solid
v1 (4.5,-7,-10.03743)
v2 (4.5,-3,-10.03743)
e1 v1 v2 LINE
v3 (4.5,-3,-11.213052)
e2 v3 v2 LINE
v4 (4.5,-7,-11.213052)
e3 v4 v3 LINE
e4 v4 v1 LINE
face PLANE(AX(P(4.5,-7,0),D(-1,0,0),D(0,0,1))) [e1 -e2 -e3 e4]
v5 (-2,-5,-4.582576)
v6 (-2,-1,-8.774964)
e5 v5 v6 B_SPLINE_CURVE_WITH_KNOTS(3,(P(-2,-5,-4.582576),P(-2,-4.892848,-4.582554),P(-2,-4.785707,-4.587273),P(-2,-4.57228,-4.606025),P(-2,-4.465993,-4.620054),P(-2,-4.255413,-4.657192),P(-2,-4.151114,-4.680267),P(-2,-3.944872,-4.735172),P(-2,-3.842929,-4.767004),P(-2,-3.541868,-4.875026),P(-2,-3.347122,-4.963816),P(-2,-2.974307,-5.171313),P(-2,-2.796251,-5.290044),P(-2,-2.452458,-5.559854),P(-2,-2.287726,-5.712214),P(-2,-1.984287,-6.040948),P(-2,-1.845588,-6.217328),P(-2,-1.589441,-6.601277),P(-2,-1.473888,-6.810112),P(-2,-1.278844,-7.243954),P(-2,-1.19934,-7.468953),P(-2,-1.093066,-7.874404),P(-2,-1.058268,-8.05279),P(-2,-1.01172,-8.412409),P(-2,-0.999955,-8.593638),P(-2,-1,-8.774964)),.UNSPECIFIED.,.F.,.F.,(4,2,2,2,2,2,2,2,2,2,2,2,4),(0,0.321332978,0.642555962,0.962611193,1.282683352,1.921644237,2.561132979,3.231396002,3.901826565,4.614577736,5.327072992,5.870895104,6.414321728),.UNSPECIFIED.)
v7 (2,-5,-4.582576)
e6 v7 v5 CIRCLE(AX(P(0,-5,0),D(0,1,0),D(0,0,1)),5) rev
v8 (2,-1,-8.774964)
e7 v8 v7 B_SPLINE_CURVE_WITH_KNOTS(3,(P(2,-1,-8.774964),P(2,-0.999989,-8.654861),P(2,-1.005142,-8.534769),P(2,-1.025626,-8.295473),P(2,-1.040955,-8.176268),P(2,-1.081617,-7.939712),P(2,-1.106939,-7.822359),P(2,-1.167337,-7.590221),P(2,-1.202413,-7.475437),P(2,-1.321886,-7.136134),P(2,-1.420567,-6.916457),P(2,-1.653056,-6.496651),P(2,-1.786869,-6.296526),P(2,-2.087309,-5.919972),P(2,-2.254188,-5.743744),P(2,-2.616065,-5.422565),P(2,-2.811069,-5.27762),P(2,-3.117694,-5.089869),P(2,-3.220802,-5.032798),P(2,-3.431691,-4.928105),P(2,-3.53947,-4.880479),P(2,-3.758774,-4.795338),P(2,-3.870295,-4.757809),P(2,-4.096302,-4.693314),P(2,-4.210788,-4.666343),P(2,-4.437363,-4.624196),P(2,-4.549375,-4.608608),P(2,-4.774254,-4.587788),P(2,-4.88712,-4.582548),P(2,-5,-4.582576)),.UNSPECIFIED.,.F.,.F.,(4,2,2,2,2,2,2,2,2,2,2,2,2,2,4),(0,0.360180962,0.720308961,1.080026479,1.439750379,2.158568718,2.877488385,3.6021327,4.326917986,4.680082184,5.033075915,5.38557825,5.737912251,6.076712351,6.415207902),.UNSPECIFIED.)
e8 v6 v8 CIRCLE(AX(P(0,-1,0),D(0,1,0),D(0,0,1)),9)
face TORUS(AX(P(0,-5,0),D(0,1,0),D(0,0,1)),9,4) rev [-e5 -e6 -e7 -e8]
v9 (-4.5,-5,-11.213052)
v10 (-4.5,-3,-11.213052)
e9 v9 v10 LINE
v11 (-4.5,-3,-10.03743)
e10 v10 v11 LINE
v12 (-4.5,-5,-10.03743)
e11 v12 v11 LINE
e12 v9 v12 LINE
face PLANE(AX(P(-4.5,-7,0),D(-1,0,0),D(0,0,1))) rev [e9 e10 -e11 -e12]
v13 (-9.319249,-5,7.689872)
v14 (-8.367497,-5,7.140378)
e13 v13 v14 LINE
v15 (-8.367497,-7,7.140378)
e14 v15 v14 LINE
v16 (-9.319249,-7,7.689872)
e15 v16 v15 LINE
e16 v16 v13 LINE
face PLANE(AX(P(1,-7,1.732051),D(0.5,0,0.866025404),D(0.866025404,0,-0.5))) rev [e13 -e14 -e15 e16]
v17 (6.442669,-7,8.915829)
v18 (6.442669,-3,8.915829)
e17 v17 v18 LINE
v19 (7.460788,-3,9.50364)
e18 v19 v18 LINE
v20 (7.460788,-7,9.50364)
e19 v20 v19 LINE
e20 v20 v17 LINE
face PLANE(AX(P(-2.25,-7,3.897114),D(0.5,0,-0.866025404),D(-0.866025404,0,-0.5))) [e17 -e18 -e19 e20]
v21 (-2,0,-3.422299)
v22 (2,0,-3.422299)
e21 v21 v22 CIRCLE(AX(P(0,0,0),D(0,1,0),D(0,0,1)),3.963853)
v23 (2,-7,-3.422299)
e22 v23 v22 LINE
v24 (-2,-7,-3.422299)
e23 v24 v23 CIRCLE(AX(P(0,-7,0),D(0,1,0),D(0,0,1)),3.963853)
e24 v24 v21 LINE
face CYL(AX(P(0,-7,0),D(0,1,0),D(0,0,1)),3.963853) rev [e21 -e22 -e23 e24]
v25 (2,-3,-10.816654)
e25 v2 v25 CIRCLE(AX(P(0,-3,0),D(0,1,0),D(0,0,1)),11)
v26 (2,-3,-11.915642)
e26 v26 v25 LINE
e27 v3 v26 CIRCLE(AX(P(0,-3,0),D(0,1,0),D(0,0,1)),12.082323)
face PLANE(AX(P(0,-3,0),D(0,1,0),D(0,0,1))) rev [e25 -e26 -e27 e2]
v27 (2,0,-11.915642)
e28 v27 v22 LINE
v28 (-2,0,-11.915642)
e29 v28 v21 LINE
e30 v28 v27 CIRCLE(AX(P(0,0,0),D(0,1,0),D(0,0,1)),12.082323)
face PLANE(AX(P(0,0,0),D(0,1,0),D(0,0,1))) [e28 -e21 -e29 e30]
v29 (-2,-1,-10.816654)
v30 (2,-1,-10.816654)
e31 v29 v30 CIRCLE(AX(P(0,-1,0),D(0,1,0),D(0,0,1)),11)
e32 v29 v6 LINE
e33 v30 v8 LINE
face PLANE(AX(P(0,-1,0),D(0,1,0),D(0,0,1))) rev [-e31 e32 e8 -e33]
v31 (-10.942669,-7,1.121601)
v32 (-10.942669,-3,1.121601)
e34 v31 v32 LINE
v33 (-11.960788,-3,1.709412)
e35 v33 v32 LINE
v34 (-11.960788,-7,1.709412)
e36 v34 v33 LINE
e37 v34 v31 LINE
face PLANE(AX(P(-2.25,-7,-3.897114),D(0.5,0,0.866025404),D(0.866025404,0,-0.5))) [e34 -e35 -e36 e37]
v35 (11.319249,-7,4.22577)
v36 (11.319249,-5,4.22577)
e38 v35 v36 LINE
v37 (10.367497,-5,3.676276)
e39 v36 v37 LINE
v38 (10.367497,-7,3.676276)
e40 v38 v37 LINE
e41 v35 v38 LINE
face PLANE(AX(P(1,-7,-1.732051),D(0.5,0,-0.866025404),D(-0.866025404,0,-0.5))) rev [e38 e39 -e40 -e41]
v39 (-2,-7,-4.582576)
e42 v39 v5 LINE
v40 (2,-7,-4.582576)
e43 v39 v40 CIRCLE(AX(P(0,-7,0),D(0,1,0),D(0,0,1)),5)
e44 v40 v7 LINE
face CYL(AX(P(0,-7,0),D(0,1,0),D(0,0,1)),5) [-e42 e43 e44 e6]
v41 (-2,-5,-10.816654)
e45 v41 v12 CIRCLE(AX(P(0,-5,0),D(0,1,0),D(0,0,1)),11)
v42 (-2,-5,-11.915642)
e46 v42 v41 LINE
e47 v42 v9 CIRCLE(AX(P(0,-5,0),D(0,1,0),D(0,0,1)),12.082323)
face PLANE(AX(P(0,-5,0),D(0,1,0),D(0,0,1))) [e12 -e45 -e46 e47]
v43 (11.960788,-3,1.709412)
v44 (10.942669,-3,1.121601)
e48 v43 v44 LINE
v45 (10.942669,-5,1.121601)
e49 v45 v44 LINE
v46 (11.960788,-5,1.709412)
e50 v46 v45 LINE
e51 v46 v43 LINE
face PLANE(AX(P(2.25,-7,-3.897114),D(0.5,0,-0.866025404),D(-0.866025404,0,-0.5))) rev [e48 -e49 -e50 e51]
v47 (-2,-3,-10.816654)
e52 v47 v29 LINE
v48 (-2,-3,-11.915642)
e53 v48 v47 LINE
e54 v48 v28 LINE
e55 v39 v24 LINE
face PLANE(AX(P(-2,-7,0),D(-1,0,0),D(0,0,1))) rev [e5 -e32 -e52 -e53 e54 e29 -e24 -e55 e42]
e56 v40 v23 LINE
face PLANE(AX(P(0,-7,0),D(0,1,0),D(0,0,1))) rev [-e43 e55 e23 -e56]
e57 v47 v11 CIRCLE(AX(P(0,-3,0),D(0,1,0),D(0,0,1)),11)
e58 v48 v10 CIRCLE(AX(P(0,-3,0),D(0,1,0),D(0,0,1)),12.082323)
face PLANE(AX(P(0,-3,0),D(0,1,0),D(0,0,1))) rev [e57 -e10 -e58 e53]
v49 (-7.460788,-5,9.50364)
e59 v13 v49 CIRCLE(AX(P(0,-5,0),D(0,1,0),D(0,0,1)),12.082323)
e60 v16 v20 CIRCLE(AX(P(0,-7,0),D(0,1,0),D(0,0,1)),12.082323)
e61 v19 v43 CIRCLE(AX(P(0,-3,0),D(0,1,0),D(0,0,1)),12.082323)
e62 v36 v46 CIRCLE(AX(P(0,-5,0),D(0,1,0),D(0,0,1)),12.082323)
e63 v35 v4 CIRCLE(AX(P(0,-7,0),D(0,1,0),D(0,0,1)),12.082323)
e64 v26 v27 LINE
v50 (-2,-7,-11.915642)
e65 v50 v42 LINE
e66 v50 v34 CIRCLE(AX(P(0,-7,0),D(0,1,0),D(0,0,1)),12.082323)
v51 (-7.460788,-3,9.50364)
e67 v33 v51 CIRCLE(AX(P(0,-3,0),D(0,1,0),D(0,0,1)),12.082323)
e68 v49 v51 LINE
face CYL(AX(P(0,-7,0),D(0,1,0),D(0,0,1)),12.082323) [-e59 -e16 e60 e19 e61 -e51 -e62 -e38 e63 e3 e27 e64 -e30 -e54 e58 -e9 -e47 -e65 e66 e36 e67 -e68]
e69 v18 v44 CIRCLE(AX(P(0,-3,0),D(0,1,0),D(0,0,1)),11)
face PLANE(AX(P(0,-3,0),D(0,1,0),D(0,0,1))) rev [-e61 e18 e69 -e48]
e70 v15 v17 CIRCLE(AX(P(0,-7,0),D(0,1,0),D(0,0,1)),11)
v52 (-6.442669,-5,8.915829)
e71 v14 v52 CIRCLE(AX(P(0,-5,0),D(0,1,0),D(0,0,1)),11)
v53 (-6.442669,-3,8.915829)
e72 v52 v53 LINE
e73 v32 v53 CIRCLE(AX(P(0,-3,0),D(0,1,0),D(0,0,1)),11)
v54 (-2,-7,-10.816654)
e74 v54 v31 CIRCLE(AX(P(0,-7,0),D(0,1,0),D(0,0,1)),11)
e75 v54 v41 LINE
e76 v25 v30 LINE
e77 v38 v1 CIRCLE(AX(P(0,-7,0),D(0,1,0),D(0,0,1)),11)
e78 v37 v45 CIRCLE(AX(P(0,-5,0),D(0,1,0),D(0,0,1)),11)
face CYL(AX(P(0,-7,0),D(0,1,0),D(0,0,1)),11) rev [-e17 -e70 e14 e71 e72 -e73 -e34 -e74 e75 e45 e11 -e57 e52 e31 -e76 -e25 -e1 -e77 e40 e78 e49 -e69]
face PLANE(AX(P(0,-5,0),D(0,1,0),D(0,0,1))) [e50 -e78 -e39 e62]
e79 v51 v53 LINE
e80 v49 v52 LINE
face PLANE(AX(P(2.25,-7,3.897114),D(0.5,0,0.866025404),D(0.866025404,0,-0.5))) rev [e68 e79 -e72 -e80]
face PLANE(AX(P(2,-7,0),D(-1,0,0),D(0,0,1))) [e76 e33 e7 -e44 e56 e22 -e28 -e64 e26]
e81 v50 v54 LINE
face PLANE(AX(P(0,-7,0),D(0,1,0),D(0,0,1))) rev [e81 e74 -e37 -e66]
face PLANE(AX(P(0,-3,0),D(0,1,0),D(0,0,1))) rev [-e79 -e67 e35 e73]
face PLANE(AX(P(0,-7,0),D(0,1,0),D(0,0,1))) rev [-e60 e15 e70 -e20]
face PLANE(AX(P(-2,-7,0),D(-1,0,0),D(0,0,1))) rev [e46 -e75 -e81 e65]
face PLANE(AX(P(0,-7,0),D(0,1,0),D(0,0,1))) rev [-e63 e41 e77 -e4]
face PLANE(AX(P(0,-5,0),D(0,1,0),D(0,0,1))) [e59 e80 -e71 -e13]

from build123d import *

# Parameters (mm, degrees)
BOSS_EXTRUDE3_DEPTH = 7
BOSS_EXTRUDE4_DEPTH = 1
BOSS_EXTRUDE5_DEPTH = 7
BOSS_EXTRUDE6_DEPTH = 3
BOSS_EXTRUDE7_START = -5
BOSS_EXTRUDE7_DEPTH = 2
FILLET1_R           = 4


with BuildPart() as part:
    # Sketch1 → Boss-Extrude3 (new body)
    with BuildSketch(Plane(origin=(0, 0, 0), x_dir=(1, 0, 0), z_dir=(0, 1, 0))):
        with BuildLine():
            Line((2, 4.582575695), (2, 3.422298687))
            ThreePointArc((2, 3.422298687), (0, -3.96385271), (-2, 3.422298687))
            Line((-2, 3.422298687), (-2, 4.582575695))
            ThreePointArc((-2, 4.582575695), (0, -5), (2, 4.582575695))
        make_face()
    extrude(amount=-BOSS_EXTRUDE3_DEPTH)

    # Sketch1<6> → Boss-Extrude4 (add)
    with BuildSketch(Plane(origin=(0, 0, 0), x_dir=(1, 0, 0), z_dir=(0, 1, 0))):
        with BuildLine():
            Line((2, 10.816653826), (2, 4.582575695))
            ThreePointArc((2, 4.582575695), (0, -5), (-2, 4.582575695))
            Line((-2, 4.582575695), (-2, 10.816653826))
            ThreePointArc((-2, 10.816653826), (0, -11), (2, 10.816653826))
        make_face()
    extrude(amount=-BOSS_EXTRUDE4_DEPTH)

    # Sketch1<7> → Boss-Extrude5 (add)
    with BuildSketch(Plane(origin=(0, 0, 0), x_dir=(1, 0, 0), z_dir=(0, 1, 0))):
        with BuildLine():
            ThreePointArc((-7.460787851, -9.503640297), (0, -12.082323214), (7.460787851, -9.503640297))
            Line((7.460787851, -9.503640297), (6.442669325, -8.915829292))
            ThreePointArc((6.442669325, -8.915829292), (0, -11), (-6.442669325, -8.915829292))
            Line((-6.442669325, -8.915829292), (-7.460787851, -9.503640297))
        make_face()
        with BuildLine():
            Line((10.942669325, -1.121600658), (11.960787851, -1.709411663))
            ThreePointArc((11.960787851, -1.709411663), (12.051901073, -0.856863332), (12.082323214, 0))
            ThreePointArc((12.082323214, 0), (10.008820827, 6.768015949), (4.5, 11.21305196))
            Line((4.5, 11.21305196), (4.5, 10.03742995))
            ThreePointArc((4.5, 10.03742995), (9.233092656, 5.979130372), (11, 0))
            ThreePointArc((11, 0), (10.985657982, -0.561532466), (10.942669325, -1.121600658))
        make_face()
        with BuildLine():
            ThreePointArc((-4.5, 11.21305196), (-10.46359884, 6.041161607), (-11.960787851, -1.709411663))
            Line((-11.960787851, -1.709411663), (-10.942669325, -1.121600658))
            ThreePointArc((-10.942669325, -1.121600658), (-9.526279442, 5.5), (-4.5, 10.03742995))
            Line((-4.5, 10.03742995), (-4.5, 11.21305196))
        make_face()
    extrude(amount=-BOSS_EXTRUDE5_DEPTH)

    # Sketch1<8> → Boss-Extrude6 (add)
    with BuildSketch(Plane(origin=(0, 0, 0), x_dir=(1, 0, 0), z_dir=(0, 1, 0))):
        with BuildLine():
            Line((11.960787851, -1.709411663), (10.942669325, -1.121600658))
            ThreePointArc((10.942669325, -1.121600658), (9.526279442, -5.5), (6.442669325, -8.915829292))
            Line((6.442669325, -8.915829292), (7.460787851, -9.503640297))
            ThreePointArc((7.460787851, -9.503640297), (10.46359884, -6.041161607), (11.960787851, -1.709411663))
        make_face()
        with BuildLine():
            Line((4.5, 10.03742995), (4.5, 11.21305196))
            ThreePointArc((4.5, 11.21305196), (3.268930764, 11.631707781), (2, 11.915642419))
            Line((2, 11.915642419), (2, 10.816653826))
            ThreePointArc((2, 10.816653826), (3.273270148, 10.501699983), (4.5, 10.03742995))
        make_face()
        with BuildLine():
            Line((-7.460787851, -9.503640297), (-6.442669325, -8.915829292))
            ThreePointArc((-6.442669325, -8.915829292), (-9.526279442, -5.5), (-10.942669325, -1.121600658))
            Line((-10.942669325, -1.121600658), (-11.960787851, -1.709411663))
            ThreePointArc((-11.960787851, -1.709411663), (-10.46359884, -6.041161607), (-7.460787851, -9.503640297))
        make_face()
        with BuildLine():
            Line((-2, 10.816653826), (-2, 11.915642419))
            ThreePointArc((-2, 11.915642419), (-3.268930764, 11.631707781), (-4.5, 11.21305196))
            Line((-4.5, 11.21305196), (-4.5, 10.03742995))
            ThreePointArc((-4.5, 10.03742995), (-3.273270148, 10.501699983), (-2, 10.816653826))
        make_face()
    extrude(amount=-BOSS_EXTRUDE6_DEPTH)

    # Sketch1<9> → Boss-Extrude7 (add)
    with BuildSketch(Plane(origin=(0, 0, 0), x_dir=(1, 0, 0), z_dir=(0, 1, 0)).offset(BOSS_EXTRUDE7_START)):
        with BuildLine():
            ThreePointArc((-9.319249037, -7.689872017), (-8.438889046, -8.646830975), (-7.460787851, -9.503640297))
            Line((-7.460787851, -9.503640297), (-6.442669325, -8.915829292))
            ThreePointArc((-6.442669325, -8.915829292), (-7.458103894, -8.085585093), (-8.367496998, -7.140377721))
            Line((-8.367496998, -7.140377721), (-9.319249037, -7.689872017))
        make_face()
        with BuildLine():
            ThreePointArc((11.319249037, -4.225770402), (11.70781981, -2.984876806), (11.960787851, -1.709411663))
            Line((11.960787851, -1.709411663), (10.942669325, -1.121600658))
            ThreePointArc((10.942669325, -1.121600658), (10.731374042, -2.41611489), (10.367496998, -3.676276106))
            Line((10.367496998, -3.676276106), (11.319249037, -4.225770402))
        make_face()
        with BuildLine():
            Line((-2, 10.816653826), (-2, 11.915642419))
            ThreePointArc((-2, 11.915642419), (-3.268930764, 11.631707781), (-4.5, 11.21305196))
            Line((-4.5, 11.21305196), (-4.5, 10.03742995))
            ThreePointArc((-4.5, 10.03742995), (-3.273270148, 10.501699983), (-2, 10.816653826))
        make_face()
    extrude(amount=-BOSS_EXTRUDE7_DEPTH)

    # Fillet1
    fillet1_edges = [part.edges().sort_by_distance(p)[0] for p in [
        (0, -1, 5),
    ]]
    fillet(fillet1_edges, radius=FILLET1_R)


solid = part.part
